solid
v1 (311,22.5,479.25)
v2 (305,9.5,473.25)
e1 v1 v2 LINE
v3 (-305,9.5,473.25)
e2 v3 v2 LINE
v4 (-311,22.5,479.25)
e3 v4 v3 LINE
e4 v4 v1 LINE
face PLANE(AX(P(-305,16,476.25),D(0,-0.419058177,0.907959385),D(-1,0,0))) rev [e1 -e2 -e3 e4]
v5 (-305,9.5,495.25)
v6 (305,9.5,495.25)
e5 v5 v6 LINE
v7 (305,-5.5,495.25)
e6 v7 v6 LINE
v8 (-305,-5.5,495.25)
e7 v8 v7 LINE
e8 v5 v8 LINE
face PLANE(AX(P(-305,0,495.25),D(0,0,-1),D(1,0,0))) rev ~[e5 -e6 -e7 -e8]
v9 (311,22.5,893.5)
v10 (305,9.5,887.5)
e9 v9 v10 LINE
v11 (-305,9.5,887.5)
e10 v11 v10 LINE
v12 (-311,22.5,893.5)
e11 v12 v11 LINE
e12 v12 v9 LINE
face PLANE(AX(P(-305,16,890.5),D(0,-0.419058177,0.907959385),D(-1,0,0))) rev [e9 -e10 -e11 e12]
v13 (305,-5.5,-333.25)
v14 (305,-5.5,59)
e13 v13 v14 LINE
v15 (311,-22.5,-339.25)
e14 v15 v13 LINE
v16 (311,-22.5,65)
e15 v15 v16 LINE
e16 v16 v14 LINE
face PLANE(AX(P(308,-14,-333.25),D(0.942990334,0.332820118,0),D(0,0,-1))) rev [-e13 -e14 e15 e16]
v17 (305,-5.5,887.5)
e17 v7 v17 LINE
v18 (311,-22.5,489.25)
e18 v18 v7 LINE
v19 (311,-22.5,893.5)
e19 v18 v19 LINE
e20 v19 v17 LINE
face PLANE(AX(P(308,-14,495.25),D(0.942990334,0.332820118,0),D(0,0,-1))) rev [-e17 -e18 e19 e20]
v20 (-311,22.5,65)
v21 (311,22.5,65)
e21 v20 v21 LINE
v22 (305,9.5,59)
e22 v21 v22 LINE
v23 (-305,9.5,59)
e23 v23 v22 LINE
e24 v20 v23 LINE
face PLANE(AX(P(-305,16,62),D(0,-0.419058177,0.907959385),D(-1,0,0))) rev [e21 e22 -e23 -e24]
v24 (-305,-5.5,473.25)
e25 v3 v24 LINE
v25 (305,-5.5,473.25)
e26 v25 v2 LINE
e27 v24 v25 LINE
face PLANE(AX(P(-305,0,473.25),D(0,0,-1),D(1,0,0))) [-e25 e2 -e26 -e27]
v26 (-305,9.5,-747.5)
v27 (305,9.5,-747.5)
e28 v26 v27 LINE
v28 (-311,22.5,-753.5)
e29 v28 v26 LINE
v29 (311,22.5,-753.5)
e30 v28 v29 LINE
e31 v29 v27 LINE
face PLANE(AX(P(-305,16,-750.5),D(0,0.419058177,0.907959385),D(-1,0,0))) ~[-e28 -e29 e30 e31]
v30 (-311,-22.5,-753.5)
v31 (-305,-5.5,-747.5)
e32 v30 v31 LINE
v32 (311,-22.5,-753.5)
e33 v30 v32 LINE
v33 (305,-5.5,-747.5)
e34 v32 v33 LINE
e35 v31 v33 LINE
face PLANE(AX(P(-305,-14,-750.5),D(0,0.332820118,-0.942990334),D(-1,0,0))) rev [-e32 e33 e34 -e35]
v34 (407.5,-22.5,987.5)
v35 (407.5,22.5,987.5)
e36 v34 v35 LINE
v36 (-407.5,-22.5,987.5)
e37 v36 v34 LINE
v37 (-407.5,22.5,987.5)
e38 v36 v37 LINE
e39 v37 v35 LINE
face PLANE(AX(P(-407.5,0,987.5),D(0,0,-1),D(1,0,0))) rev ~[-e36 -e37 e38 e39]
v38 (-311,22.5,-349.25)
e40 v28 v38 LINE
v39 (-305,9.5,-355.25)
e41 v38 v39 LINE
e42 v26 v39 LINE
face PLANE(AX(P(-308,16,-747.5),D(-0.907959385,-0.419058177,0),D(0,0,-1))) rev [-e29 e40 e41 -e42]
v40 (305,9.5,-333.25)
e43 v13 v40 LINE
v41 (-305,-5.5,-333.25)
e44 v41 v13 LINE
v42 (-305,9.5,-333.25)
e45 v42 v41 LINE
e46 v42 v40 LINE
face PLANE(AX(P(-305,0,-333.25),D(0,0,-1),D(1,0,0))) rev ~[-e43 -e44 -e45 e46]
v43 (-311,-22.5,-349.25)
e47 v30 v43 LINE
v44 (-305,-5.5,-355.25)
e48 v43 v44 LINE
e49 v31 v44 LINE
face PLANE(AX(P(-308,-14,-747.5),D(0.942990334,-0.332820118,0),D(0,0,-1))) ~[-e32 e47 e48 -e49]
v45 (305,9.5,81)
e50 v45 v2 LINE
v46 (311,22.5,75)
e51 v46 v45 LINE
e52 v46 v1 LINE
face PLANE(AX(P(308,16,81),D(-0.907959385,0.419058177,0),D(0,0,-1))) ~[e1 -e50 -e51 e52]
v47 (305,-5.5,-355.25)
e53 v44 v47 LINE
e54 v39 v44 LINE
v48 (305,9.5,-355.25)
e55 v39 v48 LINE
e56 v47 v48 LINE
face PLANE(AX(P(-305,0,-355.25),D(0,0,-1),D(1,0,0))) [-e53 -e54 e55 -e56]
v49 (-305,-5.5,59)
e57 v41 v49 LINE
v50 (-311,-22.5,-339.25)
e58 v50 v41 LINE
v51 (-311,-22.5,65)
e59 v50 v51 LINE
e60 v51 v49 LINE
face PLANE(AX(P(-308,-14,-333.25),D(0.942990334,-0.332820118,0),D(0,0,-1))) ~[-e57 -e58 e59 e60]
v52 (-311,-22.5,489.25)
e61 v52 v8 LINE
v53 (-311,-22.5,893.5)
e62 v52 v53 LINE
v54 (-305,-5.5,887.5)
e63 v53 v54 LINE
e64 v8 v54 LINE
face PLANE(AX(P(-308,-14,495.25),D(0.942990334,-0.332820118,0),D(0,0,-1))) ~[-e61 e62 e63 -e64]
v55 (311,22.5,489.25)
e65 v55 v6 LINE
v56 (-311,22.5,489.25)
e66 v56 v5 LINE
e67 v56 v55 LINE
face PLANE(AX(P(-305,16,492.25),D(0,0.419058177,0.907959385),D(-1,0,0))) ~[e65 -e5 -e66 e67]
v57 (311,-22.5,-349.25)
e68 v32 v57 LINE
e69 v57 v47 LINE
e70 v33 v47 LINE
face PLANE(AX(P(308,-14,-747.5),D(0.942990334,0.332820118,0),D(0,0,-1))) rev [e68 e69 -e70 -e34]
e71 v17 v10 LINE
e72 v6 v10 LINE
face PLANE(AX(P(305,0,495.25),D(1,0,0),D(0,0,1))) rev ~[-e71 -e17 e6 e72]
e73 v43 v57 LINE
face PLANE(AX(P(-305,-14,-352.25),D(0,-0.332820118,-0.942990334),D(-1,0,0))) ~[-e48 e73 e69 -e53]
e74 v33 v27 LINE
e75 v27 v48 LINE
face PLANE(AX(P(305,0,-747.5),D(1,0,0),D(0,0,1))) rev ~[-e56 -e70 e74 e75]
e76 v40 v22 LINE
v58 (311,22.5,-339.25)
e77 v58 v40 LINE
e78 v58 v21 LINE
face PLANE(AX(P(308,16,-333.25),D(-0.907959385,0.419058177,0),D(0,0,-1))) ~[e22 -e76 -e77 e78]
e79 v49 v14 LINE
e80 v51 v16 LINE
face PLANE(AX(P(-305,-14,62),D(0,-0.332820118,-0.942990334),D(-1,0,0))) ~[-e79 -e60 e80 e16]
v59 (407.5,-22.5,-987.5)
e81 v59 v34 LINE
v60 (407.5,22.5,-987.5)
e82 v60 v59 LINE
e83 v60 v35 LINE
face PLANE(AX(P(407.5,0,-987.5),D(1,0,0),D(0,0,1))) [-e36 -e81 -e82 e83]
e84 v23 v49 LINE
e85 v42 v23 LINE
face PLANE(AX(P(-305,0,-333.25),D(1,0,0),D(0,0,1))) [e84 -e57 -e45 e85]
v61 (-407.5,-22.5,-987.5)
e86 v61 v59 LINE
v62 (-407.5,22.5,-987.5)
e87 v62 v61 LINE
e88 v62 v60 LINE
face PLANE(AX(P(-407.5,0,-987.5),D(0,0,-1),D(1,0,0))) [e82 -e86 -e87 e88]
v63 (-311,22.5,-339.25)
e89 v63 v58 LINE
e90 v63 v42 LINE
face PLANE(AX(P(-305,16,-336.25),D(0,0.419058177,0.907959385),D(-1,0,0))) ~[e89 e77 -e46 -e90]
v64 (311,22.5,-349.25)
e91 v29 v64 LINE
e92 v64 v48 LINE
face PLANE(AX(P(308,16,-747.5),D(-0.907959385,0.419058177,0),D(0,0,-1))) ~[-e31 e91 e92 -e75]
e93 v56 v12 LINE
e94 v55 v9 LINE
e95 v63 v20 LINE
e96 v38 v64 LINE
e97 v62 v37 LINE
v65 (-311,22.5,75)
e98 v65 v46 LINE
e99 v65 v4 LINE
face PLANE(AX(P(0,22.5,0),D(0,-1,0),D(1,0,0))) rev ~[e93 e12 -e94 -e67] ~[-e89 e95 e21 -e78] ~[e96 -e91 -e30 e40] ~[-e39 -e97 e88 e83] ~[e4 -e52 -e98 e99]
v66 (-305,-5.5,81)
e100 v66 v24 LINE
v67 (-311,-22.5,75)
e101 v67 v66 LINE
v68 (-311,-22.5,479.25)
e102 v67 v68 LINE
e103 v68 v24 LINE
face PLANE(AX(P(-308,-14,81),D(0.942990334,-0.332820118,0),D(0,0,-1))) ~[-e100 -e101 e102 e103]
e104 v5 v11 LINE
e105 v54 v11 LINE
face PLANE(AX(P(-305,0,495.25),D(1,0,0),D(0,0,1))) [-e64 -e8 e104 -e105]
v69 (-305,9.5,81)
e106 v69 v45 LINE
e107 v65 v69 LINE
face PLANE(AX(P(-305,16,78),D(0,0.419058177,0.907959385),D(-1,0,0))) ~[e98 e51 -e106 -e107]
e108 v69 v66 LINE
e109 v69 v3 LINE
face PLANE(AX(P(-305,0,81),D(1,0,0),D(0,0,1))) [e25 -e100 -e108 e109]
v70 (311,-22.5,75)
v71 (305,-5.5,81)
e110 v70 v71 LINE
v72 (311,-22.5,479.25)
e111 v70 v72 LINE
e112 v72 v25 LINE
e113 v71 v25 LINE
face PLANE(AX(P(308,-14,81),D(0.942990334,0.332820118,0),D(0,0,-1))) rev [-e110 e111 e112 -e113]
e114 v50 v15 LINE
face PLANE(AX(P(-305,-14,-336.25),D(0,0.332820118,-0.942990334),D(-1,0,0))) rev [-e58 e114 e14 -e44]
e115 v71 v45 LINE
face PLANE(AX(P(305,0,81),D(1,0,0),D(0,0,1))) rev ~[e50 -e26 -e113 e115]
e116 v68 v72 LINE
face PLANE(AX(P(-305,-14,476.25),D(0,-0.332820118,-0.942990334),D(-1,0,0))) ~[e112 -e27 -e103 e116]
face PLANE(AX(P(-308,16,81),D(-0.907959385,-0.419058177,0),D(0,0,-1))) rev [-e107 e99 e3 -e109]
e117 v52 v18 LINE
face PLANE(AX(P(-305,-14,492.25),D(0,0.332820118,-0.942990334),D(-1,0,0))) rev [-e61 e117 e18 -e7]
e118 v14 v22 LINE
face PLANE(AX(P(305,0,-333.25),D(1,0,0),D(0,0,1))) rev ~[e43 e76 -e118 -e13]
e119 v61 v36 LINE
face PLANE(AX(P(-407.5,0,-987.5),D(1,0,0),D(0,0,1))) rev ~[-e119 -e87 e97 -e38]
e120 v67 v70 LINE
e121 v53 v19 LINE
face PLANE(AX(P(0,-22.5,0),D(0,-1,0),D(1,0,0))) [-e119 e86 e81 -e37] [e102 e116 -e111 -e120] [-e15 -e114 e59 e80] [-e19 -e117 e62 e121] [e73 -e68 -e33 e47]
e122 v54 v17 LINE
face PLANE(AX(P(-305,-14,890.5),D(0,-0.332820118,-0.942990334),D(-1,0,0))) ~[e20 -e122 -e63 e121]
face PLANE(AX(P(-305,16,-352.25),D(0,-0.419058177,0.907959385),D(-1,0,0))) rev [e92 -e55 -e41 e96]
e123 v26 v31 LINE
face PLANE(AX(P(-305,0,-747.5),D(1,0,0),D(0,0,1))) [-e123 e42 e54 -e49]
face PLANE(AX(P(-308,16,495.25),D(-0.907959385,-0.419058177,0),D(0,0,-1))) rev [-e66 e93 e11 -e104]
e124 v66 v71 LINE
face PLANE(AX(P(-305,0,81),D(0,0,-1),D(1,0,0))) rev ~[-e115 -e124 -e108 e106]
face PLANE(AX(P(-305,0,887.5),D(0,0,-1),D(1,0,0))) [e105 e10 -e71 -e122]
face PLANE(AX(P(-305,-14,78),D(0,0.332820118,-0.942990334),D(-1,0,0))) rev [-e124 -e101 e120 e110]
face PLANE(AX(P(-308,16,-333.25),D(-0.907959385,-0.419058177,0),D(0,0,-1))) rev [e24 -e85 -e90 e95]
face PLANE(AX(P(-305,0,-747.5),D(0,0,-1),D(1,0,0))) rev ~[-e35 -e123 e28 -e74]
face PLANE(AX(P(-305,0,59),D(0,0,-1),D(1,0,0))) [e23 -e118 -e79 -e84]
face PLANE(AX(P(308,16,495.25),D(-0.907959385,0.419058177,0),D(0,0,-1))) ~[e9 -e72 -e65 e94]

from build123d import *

# Parameters (mm, degrees)
F0_W     = 815
F0_H     = 1975
F0_W_2   = 610
F0_H_2   = 392.25
F1_DEPTH = 22.5
F2_SIZE2 = 17
F2_SIZE  = 6
F3_SIZE2 = 13
F3_SIZE  = 6


with BuildPart() as f1:
    # F0 (on Front) → F1 (new body, symmetric)
    with BuildSketch(Plane.XZ):
        Rectangle(F0_W, F0_H)
        with Locations((0, -551.375)):
            Rectangle(F0_W_2, F0_H_2, mode=Mode.SUBTRACT)
        with Locations((0, -137.125)):
            Rectangle(F0_W_2, F0_H_2, mode=Mode.SUBTRACT)
        with Locations((0, 277.125)):
            Rectangle(F0_W_2, F0_H_2, mode=Mode.SUBTRACT)
        with Locations((0, 691.375)):
            Rectangle(F0_W_2, F0_H_2, mode=Mode.SUBTRACT)
    extrude(amount=F1_DEPTH, both=True)

    # F2
    f2_edges = [f1.edges().sort_by_distance(p)[0] for p in [
        (305, -22.5, -551.375),
        (0, -22.5, -355.25),
        (305, -22.5, -137.125),
        (0, -22.5, 59),
        (305, -22.5, 277.125),
        (0, -22.5, 473.25),
        (305, -22.5, 691.375),
        (0, -22.5, 887.5),
        (-305, -22.5, 691.375),
        (0, -22.5, 495.25),
        (-305, -22.5, 277.125),
        (0, -22.5, 81),
        (-305, -22.5, -137.125),
        (0, -22.5, -333.25),
        (-305, -22.5, -551.375),
        (0, -22.5, -747.5),
    ]]
    f2_side = f1.faces().sort_by_distance((0, -22.5, 966.13449))[0]
    chamfer(f2_edges, length=F2_SIZE, length2=F2_SIZE2, reference=f2_side)

    # F3
    f3_edges = [f1.edges().sort_by_distance(p)[0] for p in [
        (0, 22.5, -747.5),
        (305, 22.5, -551.375),
        (0, 22.5, -355.25),
        (-305, 22.5, -551.375),
        (-305, 22.5, -137.125),
        (0, 22.5, 59),
        (-305, 22.5, 277.125),
        (0, 22.5, -333.25),
        (305, 22.5, -137.125),
        (0, 22.5, 81),
        (305, 22.5, 277.125),
        (0, 22.5, 473.25),
        (305, 22.5, 691.375),
        (0, 22.5, 887.5),
        (-305, 22.5, 691.375),
        (0, 22.5, 495.25),
    ]]
    f3_side = f1.faces().sort_by_distance((0, 22.5, 966.13449))[0]
    chamfer(f3_edges, length=F3_SIZE, length2=F3_SIZE2, reference=f3_side)


solid = f1.part
